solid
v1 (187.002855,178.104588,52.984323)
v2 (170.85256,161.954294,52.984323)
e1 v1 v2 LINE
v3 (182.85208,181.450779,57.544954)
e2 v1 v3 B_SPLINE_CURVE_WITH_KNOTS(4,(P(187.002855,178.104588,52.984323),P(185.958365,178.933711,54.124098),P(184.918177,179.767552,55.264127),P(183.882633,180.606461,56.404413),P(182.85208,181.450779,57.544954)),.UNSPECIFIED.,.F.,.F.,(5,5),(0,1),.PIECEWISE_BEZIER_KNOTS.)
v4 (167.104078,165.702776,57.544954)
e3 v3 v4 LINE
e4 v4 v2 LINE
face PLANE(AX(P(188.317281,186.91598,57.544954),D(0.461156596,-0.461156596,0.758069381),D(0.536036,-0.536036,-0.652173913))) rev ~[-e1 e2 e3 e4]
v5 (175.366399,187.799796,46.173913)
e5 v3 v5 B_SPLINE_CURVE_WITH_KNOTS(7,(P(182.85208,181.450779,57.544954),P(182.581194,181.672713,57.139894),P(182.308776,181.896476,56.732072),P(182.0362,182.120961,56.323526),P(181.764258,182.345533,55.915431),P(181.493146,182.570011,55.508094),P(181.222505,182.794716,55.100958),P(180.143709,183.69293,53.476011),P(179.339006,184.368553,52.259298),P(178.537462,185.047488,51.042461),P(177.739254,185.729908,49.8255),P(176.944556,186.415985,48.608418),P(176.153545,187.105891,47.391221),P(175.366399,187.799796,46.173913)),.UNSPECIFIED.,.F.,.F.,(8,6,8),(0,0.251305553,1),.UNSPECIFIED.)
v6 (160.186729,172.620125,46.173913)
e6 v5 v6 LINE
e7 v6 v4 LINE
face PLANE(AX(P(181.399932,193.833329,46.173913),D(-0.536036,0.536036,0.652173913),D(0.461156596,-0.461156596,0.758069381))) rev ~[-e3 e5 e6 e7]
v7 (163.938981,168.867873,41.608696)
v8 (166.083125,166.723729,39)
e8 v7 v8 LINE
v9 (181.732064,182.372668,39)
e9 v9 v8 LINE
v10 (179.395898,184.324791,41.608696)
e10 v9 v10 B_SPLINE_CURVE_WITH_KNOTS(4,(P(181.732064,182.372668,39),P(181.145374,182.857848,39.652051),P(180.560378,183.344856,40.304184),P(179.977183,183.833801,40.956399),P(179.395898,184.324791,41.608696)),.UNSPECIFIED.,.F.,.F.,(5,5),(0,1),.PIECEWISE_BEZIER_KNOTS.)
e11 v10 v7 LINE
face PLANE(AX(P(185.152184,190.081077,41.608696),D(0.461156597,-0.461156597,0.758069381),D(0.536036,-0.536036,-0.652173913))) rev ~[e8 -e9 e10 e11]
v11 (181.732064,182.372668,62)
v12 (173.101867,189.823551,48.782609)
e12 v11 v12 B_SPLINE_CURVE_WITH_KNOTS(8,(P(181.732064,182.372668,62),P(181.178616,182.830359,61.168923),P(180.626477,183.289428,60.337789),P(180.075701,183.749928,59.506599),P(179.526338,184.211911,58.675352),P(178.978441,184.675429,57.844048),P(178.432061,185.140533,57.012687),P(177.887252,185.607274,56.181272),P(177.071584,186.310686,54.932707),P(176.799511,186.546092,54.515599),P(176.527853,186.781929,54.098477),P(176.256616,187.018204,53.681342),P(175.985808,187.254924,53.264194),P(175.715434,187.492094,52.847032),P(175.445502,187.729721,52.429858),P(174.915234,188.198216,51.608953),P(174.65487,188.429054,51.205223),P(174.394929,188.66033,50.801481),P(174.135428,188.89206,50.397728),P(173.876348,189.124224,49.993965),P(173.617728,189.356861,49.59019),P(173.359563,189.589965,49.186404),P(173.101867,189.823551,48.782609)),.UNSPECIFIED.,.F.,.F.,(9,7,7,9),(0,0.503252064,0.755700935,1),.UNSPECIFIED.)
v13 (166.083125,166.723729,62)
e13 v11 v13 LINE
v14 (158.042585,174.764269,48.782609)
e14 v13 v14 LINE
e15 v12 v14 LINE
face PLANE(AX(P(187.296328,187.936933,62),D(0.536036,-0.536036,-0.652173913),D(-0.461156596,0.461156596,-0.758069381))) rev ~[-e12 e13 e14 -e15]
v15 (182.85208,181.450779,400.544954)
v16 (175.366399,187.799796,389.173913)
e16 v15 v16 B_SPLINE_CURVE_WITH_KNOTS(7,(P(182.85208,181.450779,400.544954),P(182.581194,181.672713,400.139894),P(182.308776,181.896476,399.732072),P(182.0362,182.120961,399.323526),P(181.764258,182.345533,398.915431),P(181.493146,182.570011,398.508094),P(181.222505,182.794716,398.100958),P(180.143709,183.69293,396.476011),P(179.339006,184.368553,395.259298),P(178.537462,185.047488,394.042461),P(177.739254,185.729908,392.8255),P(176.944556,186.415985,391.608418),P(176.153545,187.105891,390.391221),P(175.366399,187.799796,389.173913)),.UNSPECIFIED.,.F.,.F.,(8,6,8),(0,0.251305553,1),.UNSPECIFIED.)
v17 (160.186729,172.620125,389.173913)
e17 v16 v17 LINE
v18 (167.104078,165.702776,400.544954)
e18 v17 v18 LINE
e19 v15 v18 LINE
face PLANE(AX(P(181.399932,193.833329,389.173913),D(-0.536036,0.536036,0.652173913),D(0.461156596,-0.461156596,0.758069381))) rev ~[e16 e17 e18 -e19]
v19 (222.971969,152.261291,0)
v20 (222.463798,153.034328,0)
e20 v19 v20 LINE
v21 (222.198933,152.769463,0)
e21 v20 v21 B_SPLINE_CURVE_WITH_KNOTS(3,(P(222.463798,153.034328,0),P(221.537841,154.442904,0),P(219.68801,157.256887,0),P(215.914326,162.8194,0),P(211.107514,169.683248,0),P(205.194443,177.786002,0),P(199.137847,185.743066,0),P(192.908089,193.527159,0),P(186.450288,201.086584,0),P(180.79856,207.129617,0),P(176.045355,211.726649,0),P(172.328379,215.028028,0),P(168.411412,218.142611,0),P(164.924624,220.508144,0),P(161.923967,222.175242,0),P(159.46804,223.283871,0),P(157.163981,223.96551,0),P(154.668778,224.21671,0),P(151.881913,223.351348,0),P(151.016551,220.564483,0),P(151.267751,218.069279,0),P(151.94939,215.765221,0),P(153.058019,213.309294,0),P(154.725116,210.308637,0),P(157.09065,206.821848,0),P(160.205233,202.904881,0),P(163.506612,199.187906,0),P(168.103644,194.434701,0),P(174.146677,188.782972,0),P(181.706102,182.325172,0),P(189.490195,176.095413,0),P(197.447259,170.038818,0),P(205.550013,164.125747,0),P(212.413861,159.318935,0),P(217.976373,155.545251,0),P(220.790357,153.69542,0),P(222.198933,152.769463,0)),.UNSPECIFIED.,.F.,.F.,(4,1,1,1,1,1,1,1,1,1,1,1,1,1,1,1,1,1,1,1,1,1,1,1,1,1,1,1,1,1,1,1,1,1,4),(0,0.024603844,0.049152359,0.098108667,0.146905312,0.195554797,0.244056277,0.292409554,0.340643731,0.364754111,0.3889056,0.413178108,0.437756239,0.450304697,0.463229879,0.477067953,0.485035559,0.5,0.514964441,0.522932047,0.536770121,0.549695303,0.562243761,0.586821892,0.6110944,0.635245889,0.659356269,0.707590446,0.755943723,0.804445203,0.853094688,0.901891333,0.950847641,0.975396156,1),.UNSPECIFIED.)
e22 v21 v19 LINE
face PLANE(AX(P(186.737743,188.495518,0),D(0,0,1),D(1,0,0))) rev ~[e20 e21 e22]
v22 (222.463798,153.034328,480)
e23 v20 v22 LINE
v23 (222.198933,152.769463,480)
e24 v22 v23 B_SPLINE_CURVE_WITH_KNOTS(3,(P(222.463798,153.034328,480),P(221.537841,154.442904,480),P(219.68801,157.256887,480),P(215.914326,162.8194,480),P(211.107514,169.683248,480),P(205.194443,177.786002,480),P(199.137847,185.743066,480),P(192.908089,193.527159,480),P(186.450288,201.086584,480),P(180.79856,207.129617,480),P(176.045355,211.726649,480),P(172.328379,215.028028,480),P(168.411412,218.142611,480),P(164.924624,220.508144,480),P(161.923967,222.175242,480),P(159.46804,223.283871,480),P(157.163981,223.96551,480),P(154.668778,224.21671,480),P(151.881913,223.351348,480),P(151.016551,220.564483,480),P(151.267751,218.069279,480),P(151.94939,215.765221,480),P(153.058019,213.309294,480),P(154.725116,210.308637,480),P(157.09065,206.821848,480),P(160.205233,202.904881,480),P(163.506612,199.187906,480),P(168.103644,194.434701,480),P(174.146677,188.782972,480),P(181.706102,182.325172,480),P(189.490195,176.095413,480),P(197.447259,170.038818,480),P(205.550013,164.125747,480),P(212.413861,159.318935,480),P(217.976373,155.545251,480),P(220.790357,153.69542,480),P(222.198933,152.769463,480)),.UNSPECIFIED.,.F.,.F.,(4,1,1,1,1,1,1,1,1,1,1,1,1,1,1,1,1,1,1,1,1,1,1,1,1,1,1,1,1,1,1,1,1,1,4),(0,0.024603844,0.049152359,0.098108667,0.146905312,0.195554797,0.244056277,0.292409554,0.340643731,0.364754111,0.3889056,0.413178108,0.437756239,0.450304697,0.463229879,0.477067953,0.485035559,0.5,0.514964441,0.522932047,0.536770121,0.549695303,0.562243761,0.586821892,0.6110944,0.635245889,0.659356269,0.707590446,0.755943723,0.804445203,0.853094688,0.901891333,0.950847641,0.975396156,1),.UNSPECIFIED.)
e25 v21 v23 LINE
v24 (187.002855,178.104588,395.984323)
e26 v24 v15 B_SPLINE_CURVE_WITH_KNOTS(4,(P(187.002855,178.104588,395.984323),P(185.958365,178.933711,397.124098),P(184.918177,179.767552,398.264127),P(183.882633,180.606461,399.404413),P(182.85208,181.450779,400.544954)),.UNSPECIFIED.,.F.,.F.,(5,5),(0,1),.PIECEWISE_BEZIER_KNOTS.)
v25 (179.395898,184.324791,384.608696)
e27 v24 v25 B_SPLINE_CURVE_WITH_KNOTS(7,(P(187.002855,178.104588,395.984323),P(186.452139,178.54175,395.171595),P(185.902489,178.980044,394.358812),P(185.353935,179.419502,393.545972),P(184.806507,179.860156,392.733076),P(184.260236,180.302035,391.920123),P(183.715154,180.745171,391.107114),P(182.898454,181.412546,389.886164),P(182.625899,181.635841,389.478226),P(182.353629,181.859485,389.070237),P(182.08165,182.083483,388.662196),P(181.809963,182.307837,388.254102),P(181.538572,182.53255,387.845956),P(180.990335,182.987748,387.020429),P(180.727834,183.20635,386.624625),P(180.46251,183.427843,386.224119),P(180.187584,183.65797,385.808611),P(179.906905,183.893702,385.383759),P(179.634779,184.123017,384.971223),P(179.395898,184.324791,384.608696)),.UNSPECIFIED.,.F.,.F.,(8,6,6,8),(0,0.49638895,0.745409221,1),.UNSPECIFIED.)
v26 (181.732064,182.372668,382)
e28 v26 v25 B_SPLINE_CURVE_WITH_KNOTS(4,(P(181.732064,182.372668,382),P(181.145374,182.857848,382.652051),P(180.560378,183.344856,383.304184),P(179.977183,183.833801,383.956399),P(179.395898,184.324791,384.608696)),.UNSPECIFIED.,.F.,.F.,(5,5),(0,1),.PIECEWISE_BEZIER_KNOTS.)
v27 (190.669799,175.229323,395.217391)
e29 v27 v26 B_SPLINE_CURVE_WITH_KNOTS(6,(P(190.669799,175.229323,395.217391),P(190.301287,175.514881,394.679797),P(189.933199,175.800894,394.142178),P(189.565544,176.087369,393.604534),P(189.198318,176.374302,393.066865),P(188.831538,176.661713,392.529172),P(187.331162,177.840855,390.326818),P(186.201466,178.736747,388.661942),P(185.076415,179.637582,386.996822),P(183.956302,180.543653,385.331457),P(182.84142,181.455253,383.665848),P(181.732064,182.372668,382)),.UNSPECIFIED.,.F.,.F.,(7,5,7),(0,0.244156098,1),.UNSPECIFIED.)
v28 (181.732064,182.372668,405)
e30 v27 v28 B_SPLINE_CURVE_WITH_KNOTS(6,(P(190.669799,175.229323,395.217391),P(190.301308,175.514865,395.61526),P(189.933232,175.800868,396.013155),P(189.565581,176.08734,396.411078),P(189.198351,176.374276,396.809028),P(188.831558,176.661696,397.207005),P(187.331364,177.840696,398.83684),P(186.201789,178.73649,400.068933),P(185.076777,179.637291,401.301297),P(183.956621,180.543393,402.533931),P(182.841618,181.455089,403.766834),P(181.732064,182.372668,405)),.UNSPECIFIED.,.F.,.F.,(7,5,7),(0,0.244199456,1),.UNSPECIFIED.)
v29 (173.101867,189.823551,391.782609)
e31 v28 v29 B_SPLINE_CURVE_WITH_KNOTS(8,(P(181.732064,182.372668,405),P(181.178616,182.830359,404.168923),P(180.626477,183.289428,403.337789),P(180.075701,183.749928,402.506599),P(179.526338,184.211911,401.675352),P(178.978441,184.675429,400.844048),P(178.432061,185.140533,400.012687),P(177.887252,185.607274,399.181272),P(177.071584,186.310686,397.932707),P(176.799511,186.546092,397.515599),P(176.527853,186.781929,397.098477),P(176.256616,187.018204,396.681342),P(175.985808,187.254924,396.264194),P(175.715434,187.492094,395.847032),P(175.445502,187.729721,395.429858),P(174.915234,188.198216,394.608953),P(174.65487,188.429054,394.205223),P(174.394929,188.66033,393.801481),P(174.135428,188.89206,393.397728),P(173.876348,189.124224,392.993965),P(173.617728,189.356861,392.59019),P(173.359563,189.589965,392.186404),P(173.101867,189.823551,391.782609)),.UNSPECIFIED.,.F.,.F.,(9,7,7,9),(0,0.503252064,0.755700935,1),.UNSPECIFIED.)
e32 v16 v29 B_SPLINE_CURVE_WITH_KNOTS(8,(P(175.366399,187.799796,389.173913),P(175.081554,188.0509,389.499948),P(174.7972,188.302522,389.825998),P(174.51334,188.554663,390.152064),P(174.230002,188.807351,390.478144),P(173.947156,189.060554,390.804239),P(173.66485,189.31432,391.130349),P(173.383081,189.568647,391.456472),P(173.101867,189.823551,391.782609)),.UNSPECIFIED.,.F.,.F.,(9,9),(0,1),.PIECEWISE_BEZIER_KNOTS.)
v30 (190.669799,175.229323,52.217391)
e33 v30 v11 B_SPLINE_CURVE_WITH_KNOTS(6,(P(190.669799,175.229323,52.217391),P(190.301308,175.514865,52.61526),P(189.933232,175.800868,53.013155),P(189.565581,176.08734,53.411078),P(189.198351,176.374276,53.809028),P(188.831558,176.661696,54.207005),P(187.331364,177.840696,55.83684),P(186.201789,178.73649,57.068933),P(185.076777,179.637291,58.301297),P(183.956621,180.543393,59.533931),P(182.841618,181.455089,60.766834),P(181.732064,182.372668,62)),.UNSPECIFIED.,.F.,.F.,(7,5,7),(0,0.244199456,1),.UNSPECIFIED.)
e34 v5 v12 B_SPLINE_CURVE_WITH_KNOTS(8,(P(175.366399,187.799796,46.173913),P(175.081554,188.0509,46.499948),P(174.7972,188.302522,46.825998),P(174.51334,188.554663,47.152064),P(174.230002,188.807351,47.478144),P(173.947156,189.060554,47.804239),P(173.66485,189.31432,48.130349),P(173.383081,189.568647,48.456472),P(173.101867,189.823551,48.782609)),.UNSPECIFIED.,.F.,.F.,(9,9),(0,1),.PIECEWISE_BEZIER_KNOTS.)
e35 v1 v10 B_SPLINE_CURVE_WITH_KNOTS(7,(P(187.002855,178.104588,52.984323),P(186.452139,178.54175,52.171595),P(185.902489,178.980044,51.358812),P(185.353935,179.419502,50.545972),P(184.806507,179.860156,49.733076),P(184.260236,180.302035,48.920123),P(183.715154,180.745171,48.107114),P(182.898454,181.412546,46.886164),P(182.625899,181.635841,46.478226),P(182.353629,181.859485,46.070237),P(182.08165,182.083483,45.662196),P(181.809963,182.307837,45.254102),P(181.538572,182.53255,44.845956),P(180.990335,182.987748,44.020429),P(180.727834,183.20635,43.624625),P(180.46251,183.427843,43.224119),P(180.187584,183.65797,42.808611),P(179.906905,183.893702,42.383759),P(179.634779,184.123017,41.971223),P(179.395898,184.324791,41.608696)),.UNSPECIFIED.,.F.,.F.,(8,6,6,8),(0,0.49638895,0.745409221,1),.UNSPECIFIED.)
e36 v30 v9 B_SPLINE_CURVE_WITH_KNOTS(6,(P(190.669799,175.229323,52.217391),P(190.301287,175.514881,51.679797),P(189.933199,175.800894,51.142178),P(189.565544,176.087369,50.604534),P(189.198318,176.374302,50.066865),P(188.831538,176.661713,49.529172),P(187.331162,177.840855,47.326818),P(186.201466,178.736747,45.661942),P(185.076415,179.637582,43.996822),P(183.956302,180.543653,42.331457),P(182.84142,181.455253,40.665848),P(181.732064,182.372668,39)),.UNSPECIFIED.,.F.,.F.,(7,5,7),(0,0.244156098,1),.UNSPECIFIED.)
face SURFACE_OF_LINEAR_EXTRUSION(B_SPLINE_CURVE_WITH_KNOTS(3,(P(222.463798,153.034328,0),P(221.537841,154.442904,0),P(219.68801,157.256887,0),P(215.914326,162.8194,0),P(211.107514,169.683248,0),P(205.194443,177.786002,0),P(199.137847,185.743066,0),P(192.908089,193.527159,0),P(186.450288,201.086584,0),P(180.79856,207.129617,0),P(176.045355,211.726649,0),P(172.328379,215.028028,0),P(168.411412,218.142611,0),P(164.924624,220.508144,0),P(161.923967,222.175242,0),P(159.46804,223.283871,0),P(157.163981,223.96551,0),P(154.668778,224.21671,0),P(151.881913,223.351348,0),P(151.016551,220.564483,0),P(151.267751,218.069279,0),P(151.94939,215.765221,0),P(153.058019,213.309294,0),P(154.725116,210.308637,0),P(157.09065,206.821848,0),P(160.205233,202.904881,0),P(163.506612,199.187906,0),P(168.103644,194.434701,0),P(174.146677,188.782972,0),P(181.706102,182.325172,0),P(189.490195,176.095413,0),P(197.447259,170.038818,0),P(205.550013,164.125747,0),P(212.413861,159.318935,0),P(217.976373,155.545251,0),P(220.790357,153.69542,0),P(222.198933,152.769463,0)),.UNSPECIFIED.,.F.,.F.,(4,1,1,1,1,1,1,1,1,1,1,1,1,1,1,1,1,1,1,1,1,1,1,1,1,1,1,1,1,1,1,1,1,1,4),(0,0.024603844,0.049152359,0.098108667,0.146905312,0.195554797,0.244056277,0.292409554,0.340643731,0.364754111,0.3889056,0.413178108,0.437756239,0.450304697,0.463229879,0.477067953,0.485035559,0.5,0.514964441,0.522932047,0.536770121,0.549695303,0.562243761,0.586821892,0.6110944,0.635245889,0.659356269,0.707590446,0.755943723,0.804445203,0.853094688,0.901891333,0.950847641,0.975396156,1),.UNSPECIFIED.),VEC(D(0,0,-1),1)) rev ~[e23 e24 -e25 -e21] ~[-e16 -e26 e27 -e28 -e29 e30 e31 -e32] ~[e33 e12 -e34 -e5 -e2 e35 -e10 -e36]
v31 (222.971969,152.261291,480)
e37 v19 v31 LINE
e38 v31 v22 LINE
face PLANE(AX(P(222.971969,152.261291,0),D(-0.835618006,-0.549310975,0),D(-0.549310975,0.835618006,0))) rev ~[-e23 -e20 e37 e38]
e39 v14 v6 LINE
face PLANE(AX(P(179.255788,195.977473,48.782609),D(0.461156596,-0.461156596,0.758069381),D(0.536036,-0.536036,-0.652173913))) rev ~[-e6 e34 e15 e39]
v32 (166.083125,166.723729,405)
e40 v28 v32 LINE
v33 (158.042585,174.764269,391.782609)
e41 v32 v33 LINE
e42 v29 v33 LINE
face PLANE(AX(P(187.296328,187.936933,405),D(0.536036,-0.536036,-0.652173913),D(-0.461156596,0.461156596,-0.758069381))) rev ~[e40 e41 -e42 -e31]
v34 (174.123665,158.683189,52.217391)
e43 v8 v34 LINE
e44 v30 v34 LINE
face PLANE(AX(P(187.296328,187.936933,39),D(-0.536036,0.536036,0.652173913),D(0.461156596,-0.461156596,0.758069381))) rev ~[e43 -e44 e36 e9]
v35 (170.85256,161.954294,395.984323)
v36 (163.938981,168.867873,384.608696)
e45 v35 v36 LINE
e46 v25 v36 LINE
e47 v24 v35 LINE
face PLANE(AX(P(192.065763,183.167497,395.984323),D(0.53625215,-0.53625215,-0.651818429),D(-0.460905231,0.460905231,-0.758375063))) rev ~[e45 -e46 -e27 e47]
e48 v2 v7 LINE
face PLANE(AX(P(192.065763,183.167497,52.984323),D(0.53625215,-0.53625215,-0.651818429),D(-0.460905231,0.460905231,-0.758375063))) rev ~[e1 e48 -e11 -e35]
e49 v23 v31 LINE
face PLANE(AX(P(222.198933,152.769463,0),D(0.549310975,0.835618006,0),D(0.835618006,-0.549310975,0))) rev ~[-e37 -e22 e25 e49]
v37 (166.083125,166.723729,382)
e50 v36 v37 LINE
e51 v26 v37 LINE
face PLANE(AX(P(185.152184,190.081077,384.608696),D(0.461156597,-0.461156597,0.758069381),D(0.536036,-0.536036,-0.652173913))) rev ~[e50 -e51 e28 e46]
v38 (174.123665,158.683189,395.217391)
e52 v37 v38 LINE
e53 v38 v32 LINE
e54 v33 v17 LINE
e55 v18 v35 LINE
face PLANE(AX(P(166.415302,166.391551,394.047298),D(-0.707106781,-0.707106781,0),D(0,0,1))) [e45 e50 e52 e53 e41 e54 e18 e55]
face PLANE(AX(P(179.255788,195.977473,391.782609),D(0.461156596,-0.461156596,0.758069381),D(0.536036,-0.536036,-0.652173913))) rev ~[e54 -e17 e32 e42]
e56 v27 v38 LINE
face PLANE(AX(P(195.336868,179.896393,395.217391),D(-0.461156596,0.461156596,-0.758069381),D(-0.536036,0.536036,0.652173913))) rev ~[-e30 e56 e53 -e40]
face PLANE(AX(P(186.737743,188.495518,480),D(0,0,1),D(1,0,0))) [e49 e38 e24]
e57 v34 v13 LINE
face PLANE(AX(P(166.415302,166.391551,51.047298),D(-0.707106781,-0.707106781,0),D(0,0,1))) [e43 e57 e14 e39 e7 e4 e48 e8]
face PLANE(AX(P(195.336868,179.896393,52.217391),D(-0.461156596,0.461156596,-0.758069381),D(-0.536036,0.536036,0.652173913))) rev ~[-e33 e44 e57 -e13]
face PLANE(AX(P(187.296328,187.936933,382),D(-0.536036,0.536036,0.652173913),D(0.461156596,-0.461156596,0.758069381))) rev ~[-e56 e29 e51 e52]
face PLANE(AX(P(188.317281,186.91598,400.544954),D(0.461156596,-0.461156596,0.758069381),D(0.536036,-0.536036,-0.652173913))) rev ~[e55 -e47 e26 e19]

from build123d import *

# Parameters (mm, degrees)
BOSS_EXTRUDE1_DEPTH = 480
BOSS_EXTRUDE2_DEPTH = 30
LPATTERN2_COUNT     = 2
LPATTERN2_PITCH     = 343


with BuildPart() as part:
    # Sketch1 → Boss-Extrude1 (new body)
    with BuildSketch(Plane.XY):
        with BuildLine():
            Line((222.19893268, 152.769463227), (222.971969448, 152.261291338))
            Line((222.971969448, 152.261291338), (222.463797559, 153.034328106))
            add(Edge.make_bspline(
                [(222.463797559, 153.034328106), (221.537840921, 154.442903712), (219.68800994, 157.256887314), (215.914326097, 162.81939992), (211.107514123, 169.683248276), (205.19444296, 177.786001788), (199.137847408, 185.743065938), (192.908088776, 193.527158724), (186.450288409, 201.086583918), (180.798559538, 207.129616938), (176.045354548, 211.72664868), (172.328379315, 215.028028225), (168.411412384, 218.142610846), (164.924624096, 220.508144494), (161.923966548, 222.175241583), (159.468039952, 223.283870906), (157.163981456, 223.965510232), (154.668778154, 224.216709772), (151.881912824, 223.351347962), (151.016551013, 220.564482631), (151.267750554, 218.06927933), (151.94938988, 215.765220834), (153.058019203, 213.309294238), (154.725116292, 210.30863669), (157.09064994, 206.821848402), (160.205232561, 202.90488147), (163.506612106, 199.187906238), (168.103643848, 194.434701248), (174.146676868, 188.782972377), (181.706102062, 182.32517201), (189.490194848, 176.095413378), (197.447258998, 170.038817826), (205.55001251, 164.125746663), (212.413860866, 159.318934689), (217.976373471, 155.545250845), (220.790357074, 153.695419865), (222.19893268, 152.769463227)],
                knots=[0, 0, 0, 0, 0.024603844, 0.049152359, 0.098108667, 0.146905312, 0.195554797, 0.244056277, 0.292409554, 0.340643731, 0.364754111, 0.3889056, 0.413178108, 0.437756239, 0.450304697, 0.463229879, 0.477067953, 0.485035559, 0.5, 0.514964441, 0.522932047, 0.536770121, 0.549695303, 0.562243761, 0.586821892, 0.6110944, 0.635245889, 0.659356269, 0.707590446, 0.755943723, 0.804445203, 0.853094688, 0.901891333, 0.950847641, 0.975396156, 1, 1, 1, 1], degree=3))
        make_face()
    extrude(amount=BOSS_EXTRUDE1_DEPTH)

    # Sketch4 → Boss-Extrude2 (add)
    with BuildSketch(Plane(origin=(187.616630393, 187.616630393, 0), x_dir=(0, 0, 1), z_dir=(-0.7071067811865496, -0.7071067811865456, 0))):
        Polygon((389.173913044, 8.791738861), (400.544953766, -0.990869835), (395.984322843, -6.292024317), (384.608695653, 3.485253191), (382, 0.452975665), (395.217391303, -10.918065057), (405, 0.452975665), (391.782608697, 11.824016388), align=None)
    boss_extrude2 = extrude(amount=BOSS_EXTRUDE2_DEPTH)

    # LPattern2: Boss-Extrude2 ×2
    with Locations(*[(0, 0, -i * LPATTERN2_PITCH) for i in range(1, LPATTERN2_COUNT)]):
        add(boss_extrude2)


solid = part.part
